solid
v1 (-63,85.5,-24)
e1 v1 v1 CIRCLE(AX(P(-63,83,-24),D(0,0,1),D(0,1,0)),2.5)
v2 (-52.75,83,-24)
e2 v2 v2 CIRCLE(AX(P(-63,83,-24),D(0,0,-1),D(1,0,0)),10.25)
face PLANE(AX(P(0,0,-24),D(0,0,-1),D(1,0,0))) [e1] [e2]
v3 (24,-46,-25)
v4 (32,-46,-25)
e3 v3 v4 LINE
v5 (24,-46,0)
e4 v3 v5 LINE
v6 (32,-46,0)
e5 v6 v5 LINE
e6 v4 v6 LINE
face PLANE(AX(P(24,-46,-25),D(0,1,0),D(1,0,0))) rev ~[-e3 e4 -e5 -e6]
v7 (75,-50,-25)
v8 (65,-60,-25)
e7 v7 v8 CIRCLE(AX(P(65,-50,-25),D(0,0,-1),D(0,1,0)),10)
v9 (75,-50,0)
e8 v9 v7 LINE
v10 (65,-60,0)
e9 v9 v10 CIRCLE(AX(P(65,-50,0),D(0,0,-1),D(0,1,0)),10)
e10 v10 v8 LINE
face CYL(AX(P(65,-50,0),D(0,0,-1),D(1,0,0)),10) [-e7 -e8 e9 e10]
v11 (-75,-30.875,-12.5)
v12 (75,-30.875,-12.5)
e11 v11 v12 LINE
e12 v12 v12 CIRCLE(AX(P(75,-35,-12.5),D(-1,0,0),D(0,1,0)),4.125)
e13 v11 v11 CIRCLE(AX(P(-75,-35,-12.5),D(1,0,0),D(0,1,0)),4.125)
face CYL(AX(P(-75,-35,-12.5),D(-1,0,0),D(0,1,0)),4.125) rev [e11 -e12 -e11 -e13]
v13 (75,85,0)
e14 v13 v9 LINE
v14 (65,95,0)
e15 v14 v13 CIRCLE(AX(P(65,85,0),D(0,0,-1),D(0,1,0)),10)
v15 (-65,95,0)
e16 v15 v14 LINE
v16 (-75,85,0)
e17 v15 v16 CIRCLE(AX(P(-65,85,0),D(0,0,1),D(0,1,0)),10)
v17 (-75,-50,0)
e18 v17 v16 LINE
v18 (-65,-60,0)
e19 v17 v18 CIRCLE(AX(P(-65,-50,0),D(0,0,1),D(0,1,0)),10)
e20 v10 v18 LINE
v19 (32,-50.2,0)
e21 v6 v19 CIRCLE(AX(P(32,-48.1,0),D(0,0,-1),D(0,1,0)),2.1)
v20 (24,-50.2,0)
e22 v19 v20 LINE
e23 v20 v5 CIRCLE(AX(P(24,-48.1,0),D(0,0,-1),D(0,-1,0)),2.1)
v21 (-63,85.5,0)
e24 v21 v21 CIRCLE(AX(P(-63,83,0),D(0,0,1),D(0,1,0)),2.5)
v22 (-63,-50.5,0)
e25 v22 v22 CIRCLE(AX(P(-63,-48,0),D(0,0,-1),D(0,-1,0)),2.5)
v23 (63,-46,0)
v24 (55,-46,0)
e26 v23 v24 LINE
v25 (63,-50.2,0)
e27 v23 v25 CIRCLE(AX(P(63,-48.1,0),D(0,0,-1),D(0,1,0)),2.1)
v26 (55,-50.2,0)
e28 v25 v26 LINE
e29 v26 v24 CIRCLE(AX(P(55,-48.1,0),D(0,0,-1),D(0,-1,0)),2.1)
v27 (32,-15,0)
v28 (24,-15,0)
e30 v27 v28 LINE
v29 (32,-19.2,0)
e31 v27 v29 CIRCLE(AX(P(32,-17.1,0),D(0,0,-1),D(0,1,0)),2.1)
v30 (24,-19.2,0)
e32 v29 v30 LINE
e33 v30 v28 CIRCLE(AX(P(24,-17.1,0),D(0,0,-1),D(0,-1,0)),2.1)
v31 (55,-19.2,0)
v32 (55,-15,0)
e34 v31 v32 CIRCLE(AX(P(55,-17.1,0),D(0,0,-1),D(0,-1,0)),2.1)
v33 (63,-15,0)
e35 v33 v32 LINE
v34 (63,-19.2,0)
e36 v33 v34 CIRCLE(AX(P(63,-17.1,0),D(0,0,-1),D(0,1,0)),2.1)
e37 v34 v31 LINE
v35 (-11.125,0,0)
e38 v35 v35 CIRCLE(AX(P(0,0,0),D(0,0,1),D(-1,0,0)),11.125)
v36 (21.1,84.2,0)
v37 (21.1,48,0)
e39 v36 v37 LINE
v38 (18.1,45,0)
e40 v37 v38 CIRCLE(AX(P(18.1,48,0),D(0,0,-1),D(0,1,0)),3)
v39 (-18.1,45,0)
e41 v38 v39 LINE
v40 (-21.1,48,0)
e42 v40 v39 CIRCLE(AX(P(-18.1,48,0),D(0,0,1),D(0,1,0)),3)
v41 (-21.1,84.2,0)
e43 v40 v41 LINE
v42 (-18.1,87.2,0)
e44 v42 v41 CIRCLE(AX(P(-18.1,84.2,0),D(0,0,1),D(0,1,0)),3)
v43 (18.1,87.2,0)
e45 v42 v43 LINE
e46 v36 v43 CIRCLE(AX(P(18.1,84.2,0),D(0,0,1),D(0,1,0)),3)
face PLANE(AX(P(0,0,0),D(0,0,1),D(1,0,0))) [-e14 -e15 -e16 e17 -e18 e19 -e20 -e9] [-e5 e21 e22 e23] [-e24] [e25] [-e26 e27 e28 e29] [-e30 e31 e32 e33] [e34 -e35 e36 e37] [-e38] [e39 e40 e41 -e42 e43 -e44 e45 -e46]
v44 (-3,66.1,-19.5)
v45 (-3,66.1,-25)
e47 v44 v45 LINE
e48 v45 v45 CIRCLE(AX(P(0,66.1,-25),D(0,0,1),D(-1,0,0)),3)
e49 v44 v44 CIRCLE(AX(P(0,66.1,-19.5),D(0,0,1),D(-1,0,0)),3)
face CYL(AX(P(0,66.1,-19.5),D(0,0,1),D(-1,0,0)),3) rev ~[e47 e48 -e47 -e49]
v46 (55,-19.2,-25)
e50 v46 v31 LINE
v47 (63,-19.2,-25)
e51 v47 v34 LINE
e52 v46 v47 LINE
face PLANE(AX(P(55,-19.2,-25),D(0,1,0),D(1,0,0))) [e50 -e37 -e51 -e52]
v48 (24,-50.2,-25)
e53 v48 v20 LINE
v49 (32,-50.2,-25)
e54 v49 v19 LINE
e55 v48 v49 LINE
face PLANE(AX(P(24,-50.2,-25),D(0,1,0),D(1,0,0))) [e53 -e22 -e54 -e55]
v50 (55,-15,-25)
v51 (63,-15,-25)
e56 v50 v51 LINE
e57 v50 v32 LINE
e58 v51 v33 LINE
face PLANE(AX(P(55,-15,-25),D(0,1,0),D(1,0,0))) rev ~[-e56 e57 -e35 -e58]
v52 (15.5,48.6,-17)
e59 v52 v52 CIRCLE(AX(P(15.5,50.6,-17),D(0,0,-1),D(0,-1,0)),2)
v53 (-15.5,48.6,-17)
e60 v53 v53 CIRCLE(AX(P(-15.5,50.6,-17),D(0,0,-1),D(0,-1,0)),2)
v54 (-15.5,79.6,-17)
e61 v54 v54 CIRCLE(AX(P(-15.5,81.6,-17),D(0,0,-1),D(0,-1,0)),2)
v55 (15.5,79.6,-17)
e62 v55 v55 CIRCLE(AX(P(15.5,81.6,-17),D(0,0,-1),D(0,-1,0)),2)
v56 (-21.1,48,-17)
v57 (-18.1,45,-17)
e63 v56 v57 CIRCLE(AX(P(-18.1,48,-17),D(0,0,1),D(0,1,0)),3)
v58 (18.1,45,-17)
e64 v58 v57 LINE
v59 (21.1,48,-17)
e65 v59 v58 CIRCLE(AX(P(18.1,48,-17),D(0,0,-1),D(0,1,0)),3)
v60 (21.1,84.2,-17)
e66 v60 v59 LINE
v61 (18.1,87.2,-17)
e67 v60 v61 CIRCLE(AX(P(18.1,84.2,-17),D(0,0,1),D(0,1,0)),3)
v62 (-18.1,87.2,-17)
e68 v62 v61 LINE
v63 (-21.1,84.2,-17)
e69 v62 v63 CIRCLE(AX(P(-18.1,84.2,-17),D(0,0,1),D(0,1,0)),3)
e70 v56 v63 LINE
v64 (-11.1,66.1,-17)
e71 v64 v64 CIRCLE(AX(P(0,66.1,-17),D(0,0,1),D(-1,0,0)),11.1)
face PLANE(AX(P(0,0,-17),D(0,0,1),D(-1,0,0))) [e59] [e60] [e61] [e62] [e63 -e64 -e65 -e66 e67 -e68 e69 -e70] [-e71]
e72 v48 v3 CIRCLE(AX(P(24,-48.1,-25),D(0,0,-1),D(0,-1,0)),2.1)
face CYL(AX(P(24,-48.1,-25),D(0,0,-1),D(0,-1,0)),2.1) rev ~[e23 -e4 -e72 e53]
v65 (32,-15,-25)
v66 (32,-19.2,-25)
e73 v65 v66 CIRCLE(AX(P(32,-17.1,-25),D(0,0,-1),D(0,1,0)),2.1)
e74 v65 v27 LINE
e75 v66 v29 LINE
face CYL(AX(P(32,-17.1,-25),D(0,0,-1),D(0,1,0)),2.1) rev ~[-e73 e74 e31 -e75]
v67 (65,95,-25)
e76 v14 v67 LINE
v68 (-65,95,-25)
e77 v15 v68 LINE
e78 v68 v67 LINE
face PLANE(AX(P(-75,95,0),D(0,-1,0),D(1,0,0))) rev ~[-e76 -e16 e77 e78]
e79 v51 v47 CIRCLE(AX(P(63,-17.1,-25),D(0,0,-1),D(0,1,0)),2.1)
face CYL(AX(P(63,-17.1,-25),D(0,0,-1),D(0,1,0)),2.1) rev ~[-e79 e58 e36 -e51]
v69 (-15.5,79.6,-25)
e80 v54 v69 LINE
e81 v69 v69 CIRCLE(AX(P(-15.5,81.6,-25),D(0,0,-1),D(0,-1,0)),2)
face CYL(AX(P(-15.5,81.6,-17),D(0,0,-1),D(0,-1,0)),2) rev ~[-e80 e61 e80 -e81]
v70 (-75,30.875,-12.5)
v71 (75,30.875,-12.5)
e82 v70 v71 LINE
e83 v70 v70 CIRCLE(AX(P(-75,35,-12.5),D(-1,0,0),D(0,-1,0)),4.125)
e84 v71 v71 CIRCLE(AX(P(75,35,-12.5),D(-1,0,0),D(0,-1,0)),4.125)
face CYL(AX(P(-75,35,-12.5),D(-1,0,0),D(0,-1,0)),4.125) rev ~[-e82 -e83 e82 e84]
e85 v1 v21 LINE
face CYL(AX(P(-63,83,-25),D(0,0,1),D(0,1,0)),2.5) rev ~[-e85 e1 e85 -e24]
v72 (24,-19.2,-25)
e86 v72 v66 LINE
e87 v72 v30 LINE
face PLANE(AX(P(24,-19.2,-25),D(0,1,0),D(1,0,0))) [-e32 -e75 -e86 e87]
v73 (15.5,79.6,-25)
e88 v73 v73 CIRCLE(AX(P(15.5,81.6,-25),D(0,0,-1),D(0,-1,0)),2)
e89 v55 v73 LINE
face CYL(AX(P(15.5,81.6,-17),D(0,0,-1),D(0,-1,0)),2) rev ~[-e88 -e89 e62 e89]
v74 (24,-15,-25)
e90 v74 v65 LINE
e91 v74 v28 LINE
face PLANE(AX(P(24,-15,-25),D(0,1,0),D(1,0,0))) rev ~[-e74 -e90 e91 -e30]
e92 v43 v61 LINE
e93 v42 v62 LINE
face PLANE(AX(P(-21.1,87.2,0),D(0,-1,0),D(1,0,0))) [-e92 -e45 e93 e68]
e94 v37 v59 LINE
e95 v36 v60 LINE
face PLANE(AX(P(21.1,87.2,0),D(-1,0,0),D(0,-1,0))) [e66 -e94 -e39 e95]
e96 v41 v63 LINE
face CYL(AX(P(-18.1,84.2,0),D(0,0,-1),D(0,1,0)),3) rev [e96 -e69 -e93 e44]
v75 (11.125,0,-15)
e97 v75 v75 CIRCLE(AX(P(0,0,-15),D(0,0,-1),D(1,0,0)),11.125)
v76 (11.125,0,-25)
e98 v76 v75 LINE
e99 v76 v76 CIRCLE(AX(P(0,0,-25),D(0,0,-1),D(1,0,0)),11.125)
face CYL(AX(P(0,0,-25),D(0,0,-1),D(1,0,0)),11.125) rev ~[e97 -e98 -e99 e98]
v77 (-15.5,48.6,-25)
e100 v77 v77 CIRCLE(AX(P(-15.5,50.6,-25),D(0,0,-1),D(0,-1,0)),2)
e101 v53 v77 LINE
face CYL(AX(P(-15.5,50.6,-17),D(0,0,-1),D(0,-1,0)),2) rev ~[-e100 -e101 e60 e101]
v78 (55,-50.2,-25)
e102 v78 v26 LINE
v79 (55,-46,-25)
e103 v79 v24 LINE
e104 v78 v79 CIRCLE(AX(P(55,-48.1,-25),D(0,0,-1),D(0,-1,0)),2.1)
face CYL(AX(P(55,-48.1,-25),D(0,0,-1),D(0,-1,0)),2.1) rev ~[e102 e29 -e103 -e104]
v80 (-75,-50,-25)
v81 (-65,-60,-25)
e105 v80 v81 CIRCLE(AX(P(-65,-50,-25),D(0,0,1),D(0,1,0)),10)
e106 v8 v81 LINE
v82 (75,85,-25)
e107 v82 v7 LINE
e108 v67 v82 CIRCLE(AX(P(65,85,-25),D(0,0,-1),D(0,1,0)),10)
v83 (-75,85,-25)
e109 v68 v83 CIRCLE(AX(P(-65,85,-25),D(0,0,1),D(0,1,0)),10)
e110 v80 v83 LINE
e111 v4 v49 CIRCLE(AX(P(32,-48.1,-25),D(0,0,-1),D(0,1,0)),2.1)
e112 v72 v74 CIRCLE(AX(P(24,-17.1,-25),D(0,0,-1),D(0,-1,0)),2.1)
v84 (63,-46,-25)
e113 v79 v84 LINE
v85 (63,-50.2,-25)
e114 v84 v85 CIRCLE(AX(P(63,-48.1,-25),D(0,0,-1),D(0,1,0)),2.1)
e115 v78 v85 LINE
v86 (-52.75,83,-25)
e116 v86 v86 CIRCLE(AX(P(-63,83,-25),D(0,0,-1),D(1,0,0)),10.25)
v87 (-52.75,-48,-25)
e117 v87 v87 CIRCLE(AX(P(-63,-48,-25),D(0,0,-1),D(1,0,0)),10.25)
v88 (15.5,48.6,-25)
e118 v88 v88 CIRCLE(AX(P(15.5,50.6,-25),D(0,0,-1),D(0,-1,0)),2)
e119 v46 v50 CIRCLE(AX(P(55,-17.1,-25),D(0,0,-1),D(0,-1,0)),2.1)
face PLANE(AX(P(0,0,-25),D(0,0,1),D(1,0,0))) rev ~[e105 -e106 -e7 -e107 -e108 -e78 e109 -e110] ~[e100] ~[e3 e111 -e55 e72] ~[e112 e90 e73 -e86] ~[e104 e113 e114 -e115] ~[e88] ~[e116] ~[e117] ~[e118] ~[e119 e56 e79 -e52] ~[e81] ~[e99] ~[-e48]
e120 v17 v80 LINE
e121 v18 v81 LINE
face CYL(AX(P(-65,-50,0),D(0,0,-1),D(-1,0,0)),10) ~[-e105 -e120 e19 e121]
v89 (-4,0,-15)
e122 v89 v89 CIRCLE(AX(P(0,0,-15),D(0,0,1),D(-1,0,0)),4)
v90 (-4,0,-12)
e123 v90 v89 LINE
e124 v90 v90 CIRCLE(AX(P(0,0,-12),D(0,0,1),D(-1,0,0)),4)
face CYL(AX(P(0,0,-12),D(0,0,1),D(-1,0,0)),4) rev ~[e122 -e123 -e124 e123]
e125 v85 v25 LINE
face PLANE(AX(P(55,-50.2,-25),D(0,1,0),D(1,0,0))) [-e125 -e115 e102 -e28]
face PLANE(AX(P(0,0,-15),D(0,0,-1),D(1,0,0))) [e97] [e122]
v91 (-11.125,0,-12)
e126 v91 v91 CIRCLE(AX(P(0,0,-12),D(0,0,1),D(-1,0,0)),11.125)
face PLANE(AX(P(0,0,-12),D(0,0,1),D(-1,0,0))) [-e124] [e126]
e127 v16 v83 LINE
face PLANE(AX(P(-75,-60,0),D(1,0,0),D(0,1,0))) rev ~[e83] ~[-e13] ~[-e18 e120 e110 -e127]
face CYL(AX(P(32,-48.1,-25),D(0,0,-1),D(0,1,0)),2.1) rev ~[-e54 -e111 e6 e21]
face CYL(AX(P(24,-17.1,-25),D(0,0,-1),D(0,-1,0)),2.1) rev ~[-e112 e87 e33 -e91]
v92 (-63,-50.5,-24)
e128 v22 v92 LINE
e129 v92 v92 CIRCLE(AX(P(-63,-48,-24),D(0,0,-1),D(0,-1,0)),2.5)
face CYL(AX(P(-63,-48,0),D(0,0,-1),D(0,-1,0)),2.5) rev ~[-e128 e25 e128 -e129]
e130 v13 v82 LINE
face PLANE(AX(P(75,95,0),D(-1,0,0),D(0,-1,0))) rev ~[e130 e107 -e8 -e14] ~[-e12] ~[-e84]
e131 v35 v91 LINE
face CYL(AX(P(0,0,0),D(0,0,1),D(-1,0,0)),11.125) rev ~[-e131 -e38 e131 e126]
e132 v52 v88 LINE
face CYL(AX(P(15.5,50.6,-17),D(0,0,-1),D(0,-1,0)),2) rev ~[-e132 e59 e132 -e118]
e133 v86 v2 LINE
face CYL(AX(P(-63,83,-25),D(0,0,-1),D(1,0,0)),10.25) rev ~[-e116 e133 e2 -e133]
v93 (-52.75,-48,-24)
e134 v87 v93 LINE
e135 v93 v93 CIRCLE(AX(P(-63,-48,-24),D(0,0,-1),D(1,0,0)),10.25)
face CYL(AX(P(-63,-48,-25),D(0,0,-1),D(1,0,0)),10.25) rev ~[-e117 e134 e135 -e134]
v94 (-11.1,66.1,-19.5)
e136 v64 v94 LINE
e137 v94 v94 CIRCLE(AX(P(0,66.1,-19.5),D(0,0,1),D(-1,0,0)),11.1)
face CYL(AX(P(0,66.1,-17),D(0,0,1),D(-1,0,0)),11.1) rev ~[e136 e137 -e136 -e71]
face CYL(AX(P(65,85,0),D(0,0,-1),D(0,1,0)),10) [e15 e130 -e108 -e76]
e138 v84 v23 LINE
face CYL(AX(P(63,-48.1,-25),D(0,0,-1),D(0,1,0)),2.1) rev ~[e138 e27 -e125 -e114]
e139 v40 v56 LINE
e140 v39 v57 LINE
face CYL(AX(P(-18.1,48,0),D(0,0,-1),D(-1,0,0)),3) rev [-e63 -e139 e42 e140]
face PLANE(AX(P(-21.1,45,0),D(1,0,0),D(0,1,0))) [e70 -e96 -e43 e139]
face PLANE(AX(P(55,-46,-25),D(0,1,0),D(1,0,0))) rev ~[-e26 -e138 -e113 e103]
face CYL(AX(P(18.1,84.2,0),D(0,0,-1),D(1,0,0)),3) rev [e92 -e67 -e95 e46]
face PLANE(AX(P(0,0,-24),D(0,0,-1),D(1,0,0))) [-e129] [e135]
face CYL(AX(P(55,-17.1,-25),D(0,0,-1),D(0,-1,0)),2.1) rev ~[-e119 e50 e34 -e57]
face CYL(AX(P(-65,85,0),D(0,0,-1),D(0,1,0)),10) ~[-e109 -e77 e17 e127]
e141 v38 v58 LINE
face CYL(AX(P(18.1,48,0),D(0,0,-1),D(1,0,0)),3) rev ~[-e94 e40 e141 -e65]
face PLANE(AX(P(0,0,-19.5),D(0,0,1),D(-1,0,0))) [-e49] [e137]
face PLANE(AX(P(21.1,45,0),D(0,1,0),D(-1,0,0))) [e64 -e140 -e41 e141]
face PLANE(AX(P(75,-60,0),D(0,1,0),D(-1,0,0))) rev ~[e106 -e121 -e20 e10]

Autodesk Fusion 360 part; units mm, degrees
sketch "Esquisse1" plane through (0, 0, 0) normal (0, 0, 1) x (1, 0, 0)
  line L0 (-75, 95) -> (75, 95)
  line L1 (75, 95) -> (75, -60)
  line L2 (75, -60) -> (-75, -60)
  line L3 (-75, -60) -> (-75, 95)
  line L4 (0, 1.75) -> (0, 22.5)
  line L5 (1.75, 0) -> (22.5, 0)
  line L6 (20, 0) -> (2.5, 0)
  dimension "d1" = 150
  dimension "d2" = 155
  dimension "d69" = 95
extrude "Extrusion1" add sketch "Esquisse1" against normal blind 25
sketch "Esquisse2" plane through (0, 0, 0) normal (0, 0, 1) x (-1, 0, 0)
  line L0 (75, 60) -> (-75, 60)
  line L1 (-75, 60) -> (-75, -95)
  line L2 (-75, -95) -> (75, -95)
  line L3 (75, -95) -> (75, 60)
  circle A0 centre (0, 0) radius 11.125
  dimension "d5" = 22.25
extrude "Extrusion2" cut sketch "Esquisse2" against normal blind 12 contours A0
sketch "Esquisse3" plane through (0, 0, -25) normal (0, 0, -1) x (1, 0, 0)
  line L0 (75, 60) -> (-75, 60)
  line L1 (-75, 60) -> (-75, -95)
  line L2 (-75, -95) -> (75, -95)
  line L3 (75, -95) -> (75, 60)
sketch "Esquisse4" plane through (0, 0, -25) normal (0, 0, -1) x (1, 0, 0)
  circle A0 centre (0, 0) radius 11.125
  dimension "d8" = 22.25
extrude "Extrusion3" cut sketch "Esquisse4" against normal blind 10
sketch "Esquisse5" plane through (0, 0, -12) normal (0, 0, 1) x (-1, 0, 0)
  circle A0 centre (0, 0) radius 11.125
  circle A1 centre (0, 0) radius 4
  dimension "d11" = 8
extrude "Extrusion4" cut sketch "Esquisse5" against normal blind 51 contours A1
sketch "Esquisse6" plane through (0, 0, 0) normal (0, 0, 1) x (-1, 0, 0)
  circle A0 centre (0, 0) radius 11.125
  line L0 (75, 60) -> (-75, 60)
  line L1 (-75, 60) -> (-75, -95)
  line L2 (-75, -95) -> (75, -95)
  line L3 (75, -95) -> (75, 60)
  line L4 (-21.1, -45) -> (21.1, -45)
  line L5 (21.1, -45) -> (21.1, -87.2)
  line L6 (21.1, -87.2) -> (-21.1, -87.2)
  line L7 (-21.1, -87.2) -> (-21.1, -45)
  line L8 (-20, 0) -> (-2.5, 0)
  line L9 (0, -1.75) -> (0, -22.5)
  dimension "d14" = 45
  dimension "d15" = 42.2
  dimension "d16" = 42.2
extrude "Extrusion5" cut sketch "Esquisse6" against normal blind 17 contours L4 L5 L6 L7
fillet "Congé1" radius 3 4 edges at (21.1, 87.2, -8.5) (21.1, 45, -8.5) (-21.1, 87.2, -8.5) (-21.1, 45, -8.5)
sketch "Esquisse7" plane through (0, 0, -17) normal (0, 0, 1) x (-1, 0, 0)
  arc A0 (21.1, -48) -> (18.1, -45) centre (18.1, -48) ccw
  line L0 (18.1, -45) -> (-18.1, -45)
  arc A1 (-18.1, -45) -> (-21.1, -48) centre (-18.1, -48) ccw
  line L1 (-21.1, -48) -> (-21.1, -84.2)
  line L2 (21.1, -84.2) -> (21.1, -48)
  circle A2 centre (0, -66.1) radius 11.1
  line L3 (21.1, -48) -> (21.1, -84.2)
  line L4 (18.1, -87.2) -> (-18.1, -87.2)
  arc A3 (-21.1, -84.2) -> (-18.1, -87.2) centre (-18.1, -84.2) ccw
  line L5 (-18.1, -87.2) -> (18.1, -87.2)
  arc A4 (18.1, -87.2) -> (21.1, -84.2) centre (18.1, -84.2) ccw
  dimension "d21" = 22.2
  dimension "d22" = 21.1
  dimension "d23" = 21.1
extrude "Extrusion6" cut sketch "Esquisse7" against normal blind 2.5 contours A2
sketch "Esquisse8" plane through (0, 0, -19.5) normal (0, 0, 1) x (-1, 0, 0)
  circle A0 centre (0, -66.1) radius 3
  circle A1 centre (0, -66.1) radius 11.1
  circle A2 centre (0, -66.1) radius 11.1
  dimension "d26" = 6
extrude "Extrusion7" cut sketch "Esquisse8" against normal blind 33 contours A0
sketch "Esquisse9" plane through (0, 0, -17) normal (0, 0, 1) x (-1, 0, 0)
  arc A0 (21.1, -48) -> (18.1, -45) centre (18.1, -48) ccw
  line L0 (18.1, -45) -> (-18.1, -45)
  arc A1 (-18.1, -45) -> (-21.1, -48) centre (-18.1, -48) ccw
  line L1 (-21.1, -48) -> (-21.1, -84.2)
  line L2 (21.1, -84.2) -> (21.1, -48)
  circle A2 centre (0, -66.1) radius 11.1
  arc A3 (-21.1, -84.2) -> (-18.1, -87.2) centre (-18.1, -84.2) ccw
  line L3 (-18.1, -87.2) -> (18.1, -87.2)
  arc A4 (18.1, -87.2) -> (21.1, -84.2) centre (18.1, -84.2) ccw
  point P0 (-15.5, -50.6)
  point P1 (15.5, -50.6)
  point P2 (-15.5, -81.6)
  point P3 (15.5, -81.6)
  dimension "d29" = 15.5
  dimension "d30" = 15.5
  dimension "d33" = 31
  dimension "d34" = -31
hole "Perçage1" at (15.5, 50.6, -17) at (-15.5, 50.6, -17) at (-15.5, 81.6, -17) at (15.5, 81.6, -17) direction (0, 0, -1) diameter 4 depth 30 tip angle 118
mirror "Symétrie miroir1" [suppressed]
sketch "Esquisse10" plane through (0, 0, -25) normal (0, 0, -1) x (1, 0, 0)
  line L0 (1.75, 0) -> (22.5, 0)
  line L1 (0, -1.75) -> (0, -22.5)
  line L2 (0, -2.5) -> (0, -20)
  line L3 (20, 0) -> (2.5, 0)
  line L4 (-75, -95) -> (75, -95)
  line L5 (-75, 60) -> (-75, -95)
  point P0 (-63, -83)
  dimension "d74" = 12
  dimension "d75" = 12
hole "Perçage2" at (-63, 83, -25) direction (0, 0, 1) diameter 5 depth 30 tip angle 118
sketch "Esquisse11" plane through (-75, 0, 0) normal (-1, 0, 0) x (0, -1, 0)
  line L0 (60, 0) -> (-95, 0)
  line L1 (-95, 0) -> (-95, -25)
  line L2 (-95, -25) -> (60, -25)
  line L3 (60, -25) -> (60, 0)
  circle A0 centre (-35, -12.5) radius 4.125
  line L4 (60, -25) -> (-95, -25)
  line L5 (0, 2.5) -> (0, 20)
  dimension "d49" = 8.25
  dimension "d50" = 12.5
  dimension "d51" = 35
extrude "Extrusion8" cut sketch "Esquisse11" against normal blind 165 contours A0
mirror "Symétrie miroir2" about plane through (0, 0, 0) normal (0, 1, 0) of "Extrusion8"
sketch "Esquisse12" plane through (0, 0, -25) normal (0, 0, -1) x (1, 0, 0)
sketch "Esquisse13" plane through (0, 0, -25) normal (0, 0, -1) x (1, 0, 0)
sketch "Esquisse14" plane through (0, 0, -25) normal (0, 0, -1) x (1, 0, 0)
  arc A0 (55, 19.2) -> (55, 15) centre (55, 17.1) ccw
  line L0 (55, 19.2) -> (63, 19.2)
  arc A1 (63, 15) -> (63, 19.2) centre (63, 17.1) ccw
  line L1 (55, 15) -> (63, 15)
  line L2 (0, -1.75) -> (0, -22.5)
  line L3 (1.75, 0) -> (22.5, 0)
  line L4 (0, -2.5) -> (0, -20)
  dimension "d57" = 8
  dimension "d60" = 4.2
  dimension "d70" = 15
  dimension "d71" = 55
extrude "Extrusion9" cut sketch "Esquisse14" against normal blind 35
pattern_linear "Réseau R1" count 2 spacing 31 along (0, -1, 0) count 2 spacing 31 along (-1, 0, 0) of "Extrusion9"
sketch "Esquisse15" plane through (0, 0, 0) normal (0, 0, 1) x (-1, 0, 0)
  line L0 (-24, 46) -> (-32, 46)
  arc A0 (-32, 50.2) -> (-32, 46) centre (-32, 48.1) ccw
  line L1 (-32, 50.2) -> (-24, 50.2)
  arc A1 (-24, 46) -> (-24, 50.2) centre (-24, 48.1) ccw
  line L2 (-24, 15) -> (-32, 15)
  arc A2 (-32, 19.2) -> (-32, 15) centre (-32, 17.1) ccw
  line L3 (-32, 19.2) -> (-24, 19.2)
  arc A3 (-24, 15) -> (-24, 19.2) centre (-24, 17.1) ccw
  line L4 (-55, 46) -> (-63, 46)
  arc A4 (-63, 50.2) -> (-63, 46) centre (-63, 48.1) ccw
  line L5 (-63, 50.2) -> (-55, 50.2)
  arc A5 (-55, 46) -> (-55, 50.2) centre (-55, 48.1) ccw
  line L6 (-55, 15) -> (-63, 15)
  arc A6 (-63, 19.2) -> (-63, 15) centre (-63, 17.1) ccw
  line L7 (-63, 19.2) -> (-55, 19.2)
  arc A7 (-55, 15) -> (-55, 19.2) centre (-55, 17.1) ccw
  circle A8 centre (63, -83) radius 2.5
  line L8 (21.1, -48) -> (21.1, -84.2)
  arc A9 (18.1, -87.2) -> (21.1, -84.2) centre (18.1, -84.2) ccw
  line L9 (18.1, -87.2) -> (-18.1, -87.2)
  arc A10 (-21.1, -84.2) -> (-18.1, -87.2) centre (-18.1, -84.2) ccw
  line L10 (-21.1, -84.2) -> (-21.1, -48)
  arc A11 (-18.1, -45) -> (-21.1, -48) centre (-18.1, -48) ccw
  line L11 (-18.1, -45) -> (18.1, -45)
  arc A12 (21.1, -48) -> (18.1, -45) centre (18.1, -48) ccw
  circle A13 centre (0, 0) radius 11.125
  line L12 (75, 60) -> (-75, 60)
  line L13 (-75, 60) -> (-75, -95)
  line L14 (-75, -95) -> (75, -95)
  line L15 (75, -95) -> (75, 60)
  point P0 (63, 48)
  dimension "d76" = 12
  dimension "d77" = 12
hole "Perçage3" at (-63, -48, 0) direction (0, 0, -1) diameter 5 depth 50 tip angle 118
fillet "Congé2" radius 10 1 edges at (-75, 95, -12.5)
fillet "Congé2" radius 10 3 edges at (75, 95, -12.5) (75, -60, -12.5) (-75, -60, -12.5)
sketch "Esquisse16" plane through (0, 0, -25) normal (0, 0, -1) x (1, 0, 0)
sketch "Esquisse17" plane through (0, 0, -25) normal (0, 0, -1) x (1, 0, 0)
  circle A0 centre (-63, 48) radius 10.25
  line L0 (75, 60) -> (-75, 60)
  line L1 (-75, 60) -> (-75, -95)
  dimension "d85" = 20.5
  dimension "d86" = 12
  dimension "d87" = 12
extrude "Extrusion10" cut sketch "Esquisse17" against normal blind 1
sketch "Esquisse18" plane through (0, 0, -25) normal (0, 0, -1) x (1, 0, 0)
  circle A0 centre (-63, -83) radius 10.25
  line L0 (-75, 60) -> (-75, -95)
  line L1 (-75, -95) -> (75, -95)
  dimension "d90" = 20.5
  dimension "d91" = 12
  dimension "d92" = 12
extrude "Extrusion11" cut sketch "Esquisse18" against normal blind 1
equation "d22 = ( 42.2 / 2 ) * 1 mm"
equation "d23 = ( 42.2 / 2 ) * 1 mm"
equation "d29 = ( 31 / 2 ) * 1 mm"
equation "d30 = ( 31 / 2 ) * 1 mm"
equation "d50 = ( 25 / 2 ) * 1 mm"
